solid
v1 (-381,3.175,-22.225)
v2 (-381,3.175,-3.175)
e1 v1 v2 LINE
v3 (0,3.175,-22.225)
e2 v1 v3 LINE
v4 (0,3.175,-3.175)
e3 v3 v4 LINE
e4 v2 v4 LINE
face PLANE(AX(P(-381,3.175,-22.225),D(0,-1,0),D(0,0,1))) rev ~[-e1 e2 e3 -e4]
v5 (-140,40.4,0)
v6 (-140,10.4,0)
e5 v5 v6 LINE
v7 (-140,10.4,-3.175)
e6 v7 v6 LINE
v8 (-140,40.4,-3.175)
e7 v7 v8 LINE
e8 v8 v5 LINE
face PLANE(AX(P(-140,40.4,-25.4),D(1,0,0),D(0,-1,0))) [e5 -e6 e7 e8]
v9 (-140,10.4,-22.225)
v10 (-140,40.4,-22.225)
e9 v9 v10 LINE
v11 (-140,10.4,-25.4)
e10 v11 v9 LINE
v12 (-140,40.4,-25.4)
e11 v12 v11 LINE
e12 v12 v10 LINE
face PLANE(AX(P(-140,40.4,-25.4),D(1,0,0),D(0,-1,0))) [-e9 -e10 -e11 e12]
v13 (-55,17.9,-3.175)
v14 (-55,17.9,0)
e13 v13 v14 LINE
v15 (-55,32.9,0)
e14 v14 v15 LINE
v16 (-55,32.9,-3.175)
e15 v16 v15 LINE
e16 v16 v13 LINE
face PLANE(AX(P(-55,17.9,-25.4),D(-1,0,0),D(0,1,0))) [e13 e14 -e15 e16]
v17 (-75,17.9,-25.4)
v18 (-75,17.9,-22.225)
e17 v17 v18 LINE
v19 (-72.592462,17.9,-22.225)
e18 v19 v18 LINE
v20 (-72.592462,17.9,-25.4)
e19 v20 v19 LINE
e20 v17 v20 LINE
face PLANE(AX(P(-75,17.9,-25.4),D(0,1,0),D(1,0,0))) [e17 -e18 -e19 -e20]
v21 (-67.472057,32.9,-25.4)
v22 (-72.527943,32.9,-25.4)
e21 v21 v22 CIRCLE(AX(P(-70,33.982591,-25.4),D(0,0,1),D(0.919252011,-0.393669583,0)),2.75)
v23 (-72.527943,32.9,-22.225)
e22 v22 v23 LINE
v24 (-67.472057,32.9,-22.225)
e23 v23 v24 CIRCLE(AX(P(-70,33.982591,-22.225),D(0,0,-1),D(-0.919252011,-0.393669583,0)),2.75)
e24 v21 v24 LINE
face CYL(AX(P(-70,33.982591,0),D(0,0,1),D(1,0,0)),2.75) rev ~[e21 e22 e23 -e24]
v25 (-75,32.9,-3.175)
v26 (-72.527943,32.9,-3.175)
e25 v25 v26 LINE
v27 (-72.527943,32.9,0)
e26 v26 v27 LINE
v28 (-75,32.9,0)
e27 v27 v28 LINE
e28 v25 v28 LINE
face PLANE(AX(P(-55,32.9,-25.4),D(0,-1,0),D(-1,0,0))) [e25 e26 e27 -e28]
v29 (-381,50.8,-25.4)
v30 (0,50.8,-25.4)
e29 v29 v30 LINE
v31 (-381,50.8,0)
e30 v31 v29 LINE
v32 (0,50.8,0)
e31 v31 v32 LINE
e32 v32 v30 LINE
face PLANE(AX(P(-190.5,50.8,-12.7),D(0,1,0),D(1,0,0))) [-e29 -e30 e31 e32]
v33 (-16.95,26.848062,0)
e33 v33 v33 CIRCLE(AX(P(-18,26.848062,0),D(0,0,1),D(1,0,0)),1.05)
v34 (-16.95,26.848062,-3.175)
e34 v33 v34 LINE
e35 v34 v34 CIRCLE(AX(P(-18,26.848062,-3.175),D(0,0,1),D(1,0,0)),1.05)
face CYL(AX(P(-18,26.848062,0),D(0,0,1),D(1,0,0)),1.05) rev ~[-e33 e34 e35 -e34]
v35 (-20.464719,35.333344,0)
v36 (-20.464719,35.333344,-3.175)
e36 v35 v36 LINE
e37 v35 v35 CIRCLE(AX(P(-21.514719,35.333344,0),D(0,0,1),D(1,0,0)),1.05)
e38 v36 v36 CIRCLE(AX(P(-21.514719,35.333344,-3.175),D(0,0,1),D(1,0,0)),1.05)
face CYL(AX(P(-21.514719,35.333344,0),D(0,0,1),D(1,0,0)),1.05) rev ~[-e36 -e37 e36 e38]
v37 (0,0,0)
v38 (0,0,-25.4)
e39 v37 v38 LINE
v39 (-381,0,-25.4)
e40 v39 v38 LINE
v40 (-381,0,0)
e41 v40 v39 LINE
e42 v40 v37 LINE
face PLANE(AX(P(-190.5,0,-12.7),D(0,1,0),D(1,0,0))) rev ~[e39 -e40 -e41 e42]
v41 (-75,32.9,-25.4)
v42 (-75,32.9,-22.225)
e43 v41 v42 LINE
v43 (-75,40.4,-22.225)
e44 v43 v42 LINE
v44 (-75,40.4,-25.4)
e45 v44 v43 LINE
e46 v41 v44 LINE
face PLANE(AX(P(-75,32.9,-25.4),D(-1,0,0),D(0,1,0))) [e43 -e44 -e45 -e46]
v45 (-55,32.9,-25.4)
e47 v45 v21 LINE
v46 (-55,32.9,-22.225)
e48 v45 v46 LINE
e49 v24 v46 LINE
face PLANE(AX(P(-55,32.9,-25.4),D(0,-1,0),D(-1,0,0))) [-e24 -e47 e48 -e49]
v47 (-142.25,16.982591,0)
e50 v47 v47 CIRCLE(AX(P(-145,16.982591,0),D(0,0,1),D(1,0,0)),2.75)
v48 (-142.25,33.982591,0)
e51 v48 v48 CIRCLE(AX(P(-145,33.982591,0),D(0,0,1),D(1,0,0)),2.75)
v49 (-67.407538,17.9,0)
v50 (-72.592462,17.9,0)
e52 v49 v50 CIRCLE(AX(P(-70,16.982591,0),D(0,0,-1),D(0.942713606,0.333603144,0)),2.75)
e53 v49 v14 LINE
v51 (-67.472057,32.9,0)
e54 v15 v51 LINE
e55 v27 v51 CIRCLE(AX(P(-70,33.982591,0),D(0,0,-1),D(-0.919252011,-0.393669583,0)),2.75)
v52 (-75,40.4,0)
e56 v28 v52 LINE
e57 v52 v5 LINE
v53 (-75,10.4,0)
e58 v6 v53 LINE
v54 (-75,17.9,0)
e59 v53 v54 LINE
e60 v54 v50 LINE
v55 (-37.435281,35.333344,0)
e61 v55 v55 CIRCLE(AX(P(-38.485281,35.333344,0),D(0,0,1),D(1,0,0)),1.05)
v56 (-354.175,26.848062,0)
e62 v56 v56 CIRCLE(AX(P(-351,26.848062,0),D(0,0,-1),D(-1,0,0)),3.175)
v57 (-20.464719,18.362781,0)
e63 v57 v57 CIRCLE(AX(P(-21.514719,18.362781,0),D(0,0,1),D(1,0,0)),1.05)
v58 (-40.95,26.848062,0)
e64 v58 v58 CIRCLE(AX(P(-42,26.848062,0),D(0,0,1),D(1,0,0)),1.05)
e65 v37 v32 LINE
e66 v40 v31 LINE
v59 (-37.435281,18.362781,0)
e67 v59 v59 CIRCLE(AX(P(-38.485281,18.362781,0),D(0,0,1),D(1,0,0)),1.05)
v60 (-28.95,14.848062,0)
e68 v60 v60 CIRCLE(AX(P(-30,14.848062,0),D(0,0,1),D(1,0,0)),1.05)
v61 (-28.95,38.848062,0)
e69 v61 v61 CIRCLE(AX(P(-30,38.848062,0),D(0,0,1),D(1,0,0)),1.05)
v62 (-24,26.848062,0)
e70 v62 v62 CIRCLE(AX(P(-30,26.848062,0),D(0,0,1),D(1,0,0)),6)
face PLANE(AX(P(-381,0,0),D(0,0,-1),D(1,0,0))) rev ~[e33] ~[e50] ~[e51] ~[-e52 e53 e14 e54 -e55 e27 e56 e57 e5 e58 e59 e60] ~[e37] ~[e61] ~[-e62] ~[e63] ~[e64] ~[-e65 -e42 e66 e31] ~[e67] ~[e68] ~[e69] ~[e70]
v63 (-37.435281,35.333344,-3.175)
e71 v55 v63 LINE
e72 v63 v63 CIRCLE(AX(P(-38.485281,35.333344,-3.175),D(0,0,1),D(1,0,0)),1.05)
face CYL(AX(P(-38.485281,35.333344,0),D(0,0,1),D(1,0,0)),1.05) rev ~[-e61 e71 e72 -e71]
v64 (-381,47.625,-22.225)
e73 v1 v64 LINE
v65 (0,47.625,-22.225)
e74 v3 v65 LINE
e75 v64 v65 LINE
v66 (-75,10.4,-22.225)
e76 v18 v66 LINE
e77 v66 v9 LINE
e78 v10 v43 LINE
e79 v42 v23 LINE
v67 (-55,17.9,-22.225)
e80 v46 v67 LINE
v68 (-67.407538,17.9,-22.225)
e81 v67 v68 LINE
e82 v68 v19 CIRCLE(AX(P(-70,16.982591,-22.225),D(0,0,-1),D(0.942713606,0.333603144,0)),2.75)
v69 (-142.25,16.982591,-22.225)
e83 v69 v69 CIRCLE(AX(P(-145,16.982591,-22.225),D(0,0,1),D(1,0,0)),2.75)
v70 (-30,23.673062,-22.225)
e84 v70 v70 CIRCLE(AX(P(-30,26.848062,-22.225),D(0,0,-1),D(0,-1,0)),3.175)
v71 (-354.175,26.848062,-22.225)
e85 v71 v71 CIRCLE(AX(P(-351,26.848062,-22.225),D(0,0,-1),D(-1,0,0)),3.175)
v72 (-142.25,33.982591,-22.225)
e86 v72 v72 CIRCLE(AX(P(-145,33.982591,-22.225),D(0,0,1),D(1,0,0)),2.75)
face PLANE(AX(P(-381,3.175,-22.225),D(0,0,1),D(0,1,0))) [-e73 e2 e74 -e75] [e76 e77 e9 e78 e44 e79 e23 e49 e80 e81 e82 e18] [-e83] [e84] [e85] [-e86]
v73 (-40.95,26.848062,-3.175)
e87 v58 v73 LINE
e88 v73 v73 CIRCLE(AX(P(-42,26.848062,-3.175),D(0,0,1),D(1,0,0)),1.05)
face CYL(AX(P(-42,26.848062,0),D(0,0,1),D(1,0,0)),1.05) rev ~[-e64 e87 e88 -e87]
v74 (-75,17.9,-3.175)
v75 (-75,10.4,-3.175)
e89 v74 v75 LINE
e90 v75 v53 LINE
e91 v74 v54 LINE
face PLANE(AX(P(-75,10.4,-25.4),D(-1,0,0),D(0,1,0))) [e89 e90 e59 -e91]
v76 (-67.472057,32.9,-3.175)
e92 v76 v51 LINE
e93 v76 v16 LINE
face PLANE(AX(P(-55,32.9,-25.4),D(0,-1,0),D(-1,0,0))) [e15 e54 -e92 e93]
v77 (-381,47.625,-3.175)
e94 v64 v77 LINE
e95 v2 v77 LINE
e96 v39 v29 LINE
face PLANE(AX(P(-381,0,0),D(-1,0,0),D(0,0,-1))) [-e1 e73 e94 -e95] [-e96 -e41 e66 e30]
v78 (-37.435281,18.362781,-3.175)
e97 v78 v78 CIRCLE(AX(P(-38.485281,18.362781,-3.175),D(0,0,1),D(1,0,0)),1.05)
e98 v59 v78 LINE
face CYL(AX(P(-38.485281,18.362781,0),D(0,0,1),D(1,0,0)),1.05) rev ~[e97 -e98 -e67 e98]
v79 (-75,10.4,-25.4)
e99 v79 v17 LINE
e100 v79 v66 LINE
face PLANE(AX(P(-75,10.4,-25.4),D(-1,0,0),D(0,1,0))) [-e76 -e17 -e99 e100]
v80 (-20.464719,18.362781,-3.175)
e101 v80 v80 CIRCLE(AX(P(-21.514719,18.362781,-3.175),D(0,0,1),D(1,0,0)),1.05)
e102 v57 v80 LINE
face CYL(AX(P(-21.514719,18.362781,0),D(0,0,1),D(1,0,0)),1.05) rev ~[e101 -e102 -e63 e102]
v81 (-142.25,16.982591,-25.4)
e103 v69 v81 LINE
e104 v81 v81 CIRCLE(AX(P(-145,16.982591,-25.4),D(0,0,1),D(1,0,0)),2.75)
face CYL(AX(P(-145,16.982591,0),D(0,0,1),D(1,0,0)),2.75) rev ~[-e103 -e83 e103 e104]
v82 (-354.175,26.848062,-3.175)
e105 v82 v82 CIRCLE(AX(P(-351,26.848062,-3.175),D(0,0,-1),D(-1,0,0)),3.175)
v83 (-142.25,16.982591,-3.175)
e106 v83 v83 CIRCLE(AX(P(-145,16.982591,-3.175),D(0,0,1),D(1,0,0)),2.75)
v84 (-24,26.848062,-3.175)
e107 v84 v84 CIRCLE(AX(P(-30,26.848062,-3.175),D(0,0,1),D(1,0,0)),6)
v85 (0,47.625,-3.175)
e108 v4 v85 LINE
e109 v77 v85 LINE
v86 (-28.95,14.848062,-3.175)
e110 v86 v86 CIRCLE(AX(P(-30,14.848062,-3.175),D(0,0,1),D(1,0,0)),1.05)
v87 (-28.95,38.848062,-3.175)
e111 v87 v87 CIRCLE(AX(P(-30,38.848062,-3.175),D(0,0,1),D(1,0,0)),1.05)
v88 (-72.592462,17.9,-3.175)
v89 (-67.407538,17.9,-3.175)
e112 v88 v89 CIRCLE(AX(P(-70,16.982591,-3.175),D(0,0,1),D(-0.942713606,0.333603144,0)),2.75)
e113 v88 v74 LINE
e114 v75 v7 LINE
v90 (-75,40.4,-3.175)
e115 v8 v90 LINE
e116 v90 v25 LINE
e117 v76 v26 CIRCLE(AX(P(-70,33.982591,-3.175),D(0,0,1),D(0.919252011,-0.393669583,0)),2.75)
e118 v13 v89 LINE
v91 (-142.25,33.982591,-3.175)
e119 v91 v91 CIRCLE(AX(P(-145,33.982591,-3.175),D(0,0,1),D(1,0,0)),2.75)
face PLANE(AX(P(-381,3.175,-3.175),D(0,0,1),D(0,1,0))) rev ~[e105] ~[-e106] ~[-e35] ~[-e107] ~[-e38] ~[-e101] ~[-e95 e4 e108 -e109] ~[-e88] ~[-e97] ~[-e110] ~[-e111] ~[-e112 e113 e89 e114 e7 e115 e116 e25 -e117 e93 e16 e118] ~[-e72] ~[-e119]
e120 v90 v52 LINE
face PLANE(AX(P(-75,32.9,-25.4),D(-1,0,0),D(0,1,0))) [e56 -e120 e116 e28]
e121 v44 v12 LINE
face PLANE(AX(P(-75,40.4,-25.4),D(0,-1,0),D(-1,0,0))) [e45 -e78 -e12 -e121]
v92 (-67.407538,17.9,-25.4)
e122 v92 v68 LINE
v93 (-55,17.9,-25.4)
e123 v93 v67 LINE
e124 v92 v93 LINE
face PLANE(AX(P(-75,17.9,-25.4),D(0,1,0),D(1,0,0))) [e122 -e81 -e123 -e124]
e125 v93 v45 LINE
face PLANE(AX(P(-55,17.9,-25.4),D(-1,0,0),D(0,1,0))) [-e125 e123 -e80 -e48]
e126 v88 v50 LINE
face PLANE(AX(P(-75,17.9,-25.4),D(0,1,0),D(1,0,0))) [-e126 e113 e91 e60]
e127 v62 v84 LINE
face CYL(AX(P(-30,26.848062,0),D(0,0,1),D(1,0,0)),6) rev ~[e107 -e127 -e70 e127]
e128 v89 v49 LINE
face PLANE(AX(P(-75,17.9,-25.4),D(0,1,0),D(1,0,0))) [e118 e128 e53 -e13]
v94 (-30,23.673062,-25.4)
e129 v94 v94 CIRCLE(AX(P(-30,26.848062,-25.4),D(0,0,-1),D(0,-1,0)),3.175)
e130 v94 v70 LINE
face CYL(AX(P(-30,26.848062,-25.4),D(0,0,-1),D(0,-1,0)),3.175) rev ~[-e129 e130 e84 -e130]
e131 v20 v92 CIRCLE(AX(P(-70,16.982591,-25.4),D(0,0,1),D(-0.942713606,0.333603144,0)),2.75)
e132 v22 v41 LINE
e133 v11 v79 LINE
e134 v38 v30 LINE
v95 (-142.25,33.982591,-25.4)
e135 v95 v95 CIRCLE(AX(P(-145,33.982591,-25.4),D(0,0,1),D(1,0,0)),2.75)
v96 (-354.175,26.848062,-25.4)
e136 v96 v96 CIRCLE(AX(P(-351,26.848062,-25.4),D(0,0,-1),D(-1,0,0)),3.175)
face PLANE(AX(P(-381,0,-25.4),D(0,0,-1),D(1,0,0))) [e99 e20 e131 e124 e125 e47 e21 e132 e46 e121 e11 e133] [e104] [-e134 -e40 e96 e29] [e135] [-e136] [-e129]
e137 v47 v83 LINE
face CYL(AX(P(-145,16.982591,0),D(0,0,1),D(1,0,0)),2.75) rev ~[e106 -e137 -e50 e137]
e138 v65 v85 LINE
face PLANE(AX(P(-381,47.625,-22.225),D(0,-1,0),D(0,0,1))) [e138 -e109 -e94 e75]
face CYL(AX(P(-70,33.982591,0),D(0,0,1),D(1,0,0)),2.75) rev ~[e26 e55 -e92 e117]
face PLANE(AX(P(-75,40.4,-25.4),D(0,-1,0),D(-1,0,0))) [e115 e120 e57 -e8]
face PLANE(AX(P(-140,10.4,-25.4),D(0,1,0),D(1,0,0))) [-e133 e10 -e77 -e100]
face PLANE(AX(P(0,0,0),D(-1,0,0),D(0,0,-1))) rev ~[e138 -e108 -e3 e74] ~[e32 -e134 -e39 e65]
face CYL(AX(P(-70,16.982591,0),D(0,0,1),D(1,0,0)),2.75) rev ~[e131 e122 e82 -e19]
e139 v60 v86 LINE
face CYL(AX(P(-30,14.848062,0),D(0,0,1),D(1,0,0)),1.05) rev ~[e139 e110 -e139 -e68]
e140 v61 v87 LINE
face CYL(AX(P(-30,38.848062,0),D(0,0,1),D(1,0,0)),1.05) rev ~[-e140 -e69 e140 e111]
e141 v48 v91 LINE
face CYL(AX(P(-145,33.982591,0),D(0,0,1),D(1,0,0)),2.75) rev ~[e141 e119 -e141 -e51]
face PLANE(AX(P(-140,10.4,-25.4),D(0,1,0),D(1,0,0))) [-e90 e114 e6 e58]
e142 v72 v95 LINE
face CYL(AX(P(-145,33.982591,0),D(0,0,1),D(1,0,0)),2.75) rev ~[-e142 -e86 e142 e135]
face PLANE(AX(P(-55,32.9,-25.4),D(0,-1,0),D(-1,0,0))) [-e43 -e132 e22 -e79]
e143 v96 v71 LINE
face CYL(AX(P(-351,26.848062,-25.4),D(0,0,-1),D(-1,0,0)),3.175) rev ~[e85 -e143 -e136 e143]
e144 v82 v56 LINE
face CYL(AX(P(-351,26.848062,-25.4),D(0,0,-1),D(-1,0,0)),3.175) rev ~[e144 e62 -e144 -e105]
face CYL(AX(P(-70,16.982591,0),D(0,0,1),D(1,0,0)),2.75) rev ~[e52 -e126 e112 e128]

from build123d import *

# Parameters (mm, degrees)
SKETCH1_W           = 381
SKETCH1_H           = 25.4
BOSS_EXTRUDE1_DEPTH = 50.8
SKETCH2_W           = 19.05
SKETCH2_H           = 44.45
CUT_EXTRUDE1_DEPTH  = 386.210072558
SKETCH3_R           = 3.175
CUT_EXTRUDE2_DEPTH  = 386.210072558
CUT_EXTRUDE3_START  = -25.4
CUT_EXTRUDE3_DEPTH  = 25.4
SKETCH7_R           = 2.75
CUT_EXTRUDE4_DEPTH  = 386.210072558
CUT_EXTRUDE5_REACH  = 387.21
SKETCH8_R           = 6
SKETCH8_R_2         = 1.05


with BuildPart() as part:
    # Sketch1 → Boss-Extrude1 (new body)
    with BuildSketch(Plane(origin=(0, 0, 0), x_dir=(1, 0, 0), z_dir=(0, 1, 0))):
        with Locations((-190.5, 12.7)):
            Rectangle(SKETCH1_W, SKETCH1_H)
    extrude(amount=BOSS_EXTRUDE1_DEPTH)

    # Sketch2 → Cut-Extrude1 (cut, through all)
    with BuildSketch(Plane.ZY.offset(381)):
        with Locations((-12.7, 25.4)):
            Rectangle(SKETCH2_W, SKETCH2_H)
    extrude(amount=-CUT_EXTRUDE1_DEPTH, mode=Mode.SUBTRACT)

    # Sketch3 → Cut-Extrude2 (cut, through all)
    with BuildSketch(Plane(origin=(0, 0, -25.4), x_dir=(-1, 0, 0), z_dir=(0, 0, -1))):
        with Locations((351, 26.848062316)):
            Circle(SKETCH3_R)
        with Locations(Location((30, 26.848062316, 0), (0, 0, 270))):
            Circle(SKETCH3_R)
    extrude(amount=-CUT_EXTRUDE2_DEPTH, mode=Mode.SUBTRACT)

    # Sketch5 → Cut-Extrude3 (cut)
    with BuildSketch(Plane.XY.offset(CUT_EXTRUDE3_START)):
        Polygon((-75, 32.9), (-75, 40.4), (-140, 40.4), (-140, 10.4), (-75, 10.4), (-75, 17.9), (-55, 17.9), (-55, 32.9), align=None)
    extrude(amount=CUT_EXTRUDE3_DEPTH, mode=Mode.SUBTRACT)

    # Sketch7 → Cut-Extrude4 (cut, through all)
    with BuildSketch(Plane.XY):
        with Locations((-145, 33.982591354)):
            Circle(SKETCH7_R)
        with Locations((-70, 33.982591354)):
            Circle(SKETCH7_R)
        with Locations((-145, 16.982591354)):
            Circle(SKETCH7_R)
        with Locations((-70, 16.982591354)):
            Circle(SKETCH7_R)
    extrude(amount=-CUT_EXTRUDE4_DEPTH, mode=Mode.SUBTRACT)

    # Sketch8 → Cut-Extrude5 (cut, up to next)
    with BuildSketch(Plane.XY, mode=Mode.PRIVATE) as cut_extrude5_sk1:
        with Locations((-30, 26.848062316)):
            Circle(SKETCH8_R)
    cut_extrude5_tool1 = extrude(cut_extrude5_sk1.sketch, amount=-CUT_EXTRUDE5_REACH, mode=Mode.PRIVATE) & part.part
    # Sketch8 → Cut-Extrude5 (cut, up to next)
    with BuildSketch(Plane.XY, mode=Mode.PRIVATE) as cut_extrude5_sk2:
        with Locations((-30, 38.848062316)):
            Circle(SKETCH8_R_2)
    cut_extrude5_tool2 = extrude(cut_extrude5_sk2.sketch, amount=-CUT_EXTRUDE5_REACH, mode=Mode.PRIVATE) & part.part
    # Sketch8 → Cut-Extrude5 (cut, up to next)
    with BuildSketch(Plane.XY, mode=Mode.PRIVATE) as cut_extrude5_sk3:
        with Locations((-21.514718626, 35.33334369)):
            Circle(SKETCH8_R_2)
    cut_extrude5_tool3 = extrude(cut_extrude5_sk3.sketch, amount=-CUT_EXTRUDE5_REACH, mode=Mode.PRIVATE) & part.part
    # Sketch8 → Cut-Extrude5 (cut, up to next)
    with BuildSketch(Plane.XY, mode=Mode.PRIVATE) as cut_extrude5_sk4:
        with Locations((-18, 26.848062316)):
            Circle(SKETCH8_R_2)
    cut_extrude5_tool4 = extrude(cut_extrude5_sk4.sketch, amount=-CUT_EXTRUDE5_REACH, mode=Mode.PRIVATE) & part.part
    # Sketch8 → Cut-Extrude5 (cut, up to next)
    with BuildSketch(Plane.XY, mode=Mode.PRIVATE) as cut_extrude5_sk5:
        with Locations((-21.514718626, 18.362780942)):
            Circle(SKETCH8_R_2)
    cut_extrude5_tool5 = extrude(cut_extrude5_sk5.sketch, amount=-CUT_EXTRUDE5_REACH, mode=Mode.PRIVATE) & part.part
    # Sketch8 → Cut-Extrude5 (cut, up to next)
    with BuildSketch(Plane.XY, mode=Mode.PRIVATE) as cut_extrude5_sk6:
        with Locations((-30, 14.848062316)):
            Circle(SKETCH8_R_2)
    cut_extrude5_tool6 = extrude(cut_extrude5_sk6.sketch, amount=-CUT_EXTRUDE5_REACH, mode=Mode.PRIVATE) & part.part
    # Sketch8 → Cut-Extrude5 (cut, up to next)
    with BuildSketch(Plane.XY, mode=Mode.PRIVATE) as cut_extrude5_sk7:
        with Locations((-38.485281374, 18.362780942)):
            Circle(SKETCH8_R_2)
    cut_extrude5_tool7 = extrude(cut_extrude5_sk7.sketch, amount=-CUT_EXTRUDE5_REACH, mode=Mode.PRIVATE) & part.part
    # Sketch8 → Cut-Extrude5 (cut, up to next)
    with BuildSketch(Plane.XY, mode=Mode.PRIVATE) as cut_extrude5_sk8:
        with Locations((-42, 26.848062316)):
            Circle(SKETCH8_R_2)
    cut_extrude5_tool8 = extrude(cut_extrude5_sk8.sketch, amount=-CUT_EXTRUDE5_REACH, mode=Mode.PRIVATE) & part.part
    # Sketch8 → Cut-Extrude5 (cut, up to next)
    with BuildSketch(Plane.XY, mode=Mode.PRIVATE) as cut_extrude5_sk9:
        with Locations((-38.485281374, 35.33334369)):
            Circle(SKETCH8_R_2)
    cut_extrude5_tool9 = extrude(cut_extrude5_sk9.sketch, amount=-CUT_EXTRUDE5_REACH, mode=Mode.PRIVATE) & part.part
    add(cut_extrude5_tool1.solids().sort_by_distance((-30, 26.848062, 0))[0], mode=Mode.SUBTRACT)
    add(cut_extrude5_tool2.solids().sort_by_distance((-30, 38.848062, 0))[0], mode=Mode.SUBTRACT)
    add(cut_extrude5_tool3.solids().sort_by_distance((-21.514719, 35.333344, 0))[0], mode=Mode.SUBTRACT)
    add(cut_extrude5_tool4.solids().sort_by_distance((-18, 26.848062, 0))[0], mode=Mode.SUBTRACT)
    add(cut_extrude5_tool5.solids().sort_by_distance((-21.514719, 18.362781, 0))[0], mode=Mode.SUBTRACT)
    add(cut_extrude5_tool6.solids().sort_by_distance((-30, 14.848062, 0))[0], mode=Mode.SUBTRACT)
    add(cut_extrude5_tool7.solids().sort_by_distance((-38.485281, 18.362781, 0))[0], mode=Mode.SUBTRACT)
    add(cut_extrude5_tool8.solids().sort_by_distance((-42, 26.848062, 0))[0], mode=Mode.SUBTRACT)
    add(cut_extrude5_tool9.solids().sort_by_distance((-38.485281, 35.333344, 0))[0], mode=Mode.SUBTRACT)


solid = part.part
